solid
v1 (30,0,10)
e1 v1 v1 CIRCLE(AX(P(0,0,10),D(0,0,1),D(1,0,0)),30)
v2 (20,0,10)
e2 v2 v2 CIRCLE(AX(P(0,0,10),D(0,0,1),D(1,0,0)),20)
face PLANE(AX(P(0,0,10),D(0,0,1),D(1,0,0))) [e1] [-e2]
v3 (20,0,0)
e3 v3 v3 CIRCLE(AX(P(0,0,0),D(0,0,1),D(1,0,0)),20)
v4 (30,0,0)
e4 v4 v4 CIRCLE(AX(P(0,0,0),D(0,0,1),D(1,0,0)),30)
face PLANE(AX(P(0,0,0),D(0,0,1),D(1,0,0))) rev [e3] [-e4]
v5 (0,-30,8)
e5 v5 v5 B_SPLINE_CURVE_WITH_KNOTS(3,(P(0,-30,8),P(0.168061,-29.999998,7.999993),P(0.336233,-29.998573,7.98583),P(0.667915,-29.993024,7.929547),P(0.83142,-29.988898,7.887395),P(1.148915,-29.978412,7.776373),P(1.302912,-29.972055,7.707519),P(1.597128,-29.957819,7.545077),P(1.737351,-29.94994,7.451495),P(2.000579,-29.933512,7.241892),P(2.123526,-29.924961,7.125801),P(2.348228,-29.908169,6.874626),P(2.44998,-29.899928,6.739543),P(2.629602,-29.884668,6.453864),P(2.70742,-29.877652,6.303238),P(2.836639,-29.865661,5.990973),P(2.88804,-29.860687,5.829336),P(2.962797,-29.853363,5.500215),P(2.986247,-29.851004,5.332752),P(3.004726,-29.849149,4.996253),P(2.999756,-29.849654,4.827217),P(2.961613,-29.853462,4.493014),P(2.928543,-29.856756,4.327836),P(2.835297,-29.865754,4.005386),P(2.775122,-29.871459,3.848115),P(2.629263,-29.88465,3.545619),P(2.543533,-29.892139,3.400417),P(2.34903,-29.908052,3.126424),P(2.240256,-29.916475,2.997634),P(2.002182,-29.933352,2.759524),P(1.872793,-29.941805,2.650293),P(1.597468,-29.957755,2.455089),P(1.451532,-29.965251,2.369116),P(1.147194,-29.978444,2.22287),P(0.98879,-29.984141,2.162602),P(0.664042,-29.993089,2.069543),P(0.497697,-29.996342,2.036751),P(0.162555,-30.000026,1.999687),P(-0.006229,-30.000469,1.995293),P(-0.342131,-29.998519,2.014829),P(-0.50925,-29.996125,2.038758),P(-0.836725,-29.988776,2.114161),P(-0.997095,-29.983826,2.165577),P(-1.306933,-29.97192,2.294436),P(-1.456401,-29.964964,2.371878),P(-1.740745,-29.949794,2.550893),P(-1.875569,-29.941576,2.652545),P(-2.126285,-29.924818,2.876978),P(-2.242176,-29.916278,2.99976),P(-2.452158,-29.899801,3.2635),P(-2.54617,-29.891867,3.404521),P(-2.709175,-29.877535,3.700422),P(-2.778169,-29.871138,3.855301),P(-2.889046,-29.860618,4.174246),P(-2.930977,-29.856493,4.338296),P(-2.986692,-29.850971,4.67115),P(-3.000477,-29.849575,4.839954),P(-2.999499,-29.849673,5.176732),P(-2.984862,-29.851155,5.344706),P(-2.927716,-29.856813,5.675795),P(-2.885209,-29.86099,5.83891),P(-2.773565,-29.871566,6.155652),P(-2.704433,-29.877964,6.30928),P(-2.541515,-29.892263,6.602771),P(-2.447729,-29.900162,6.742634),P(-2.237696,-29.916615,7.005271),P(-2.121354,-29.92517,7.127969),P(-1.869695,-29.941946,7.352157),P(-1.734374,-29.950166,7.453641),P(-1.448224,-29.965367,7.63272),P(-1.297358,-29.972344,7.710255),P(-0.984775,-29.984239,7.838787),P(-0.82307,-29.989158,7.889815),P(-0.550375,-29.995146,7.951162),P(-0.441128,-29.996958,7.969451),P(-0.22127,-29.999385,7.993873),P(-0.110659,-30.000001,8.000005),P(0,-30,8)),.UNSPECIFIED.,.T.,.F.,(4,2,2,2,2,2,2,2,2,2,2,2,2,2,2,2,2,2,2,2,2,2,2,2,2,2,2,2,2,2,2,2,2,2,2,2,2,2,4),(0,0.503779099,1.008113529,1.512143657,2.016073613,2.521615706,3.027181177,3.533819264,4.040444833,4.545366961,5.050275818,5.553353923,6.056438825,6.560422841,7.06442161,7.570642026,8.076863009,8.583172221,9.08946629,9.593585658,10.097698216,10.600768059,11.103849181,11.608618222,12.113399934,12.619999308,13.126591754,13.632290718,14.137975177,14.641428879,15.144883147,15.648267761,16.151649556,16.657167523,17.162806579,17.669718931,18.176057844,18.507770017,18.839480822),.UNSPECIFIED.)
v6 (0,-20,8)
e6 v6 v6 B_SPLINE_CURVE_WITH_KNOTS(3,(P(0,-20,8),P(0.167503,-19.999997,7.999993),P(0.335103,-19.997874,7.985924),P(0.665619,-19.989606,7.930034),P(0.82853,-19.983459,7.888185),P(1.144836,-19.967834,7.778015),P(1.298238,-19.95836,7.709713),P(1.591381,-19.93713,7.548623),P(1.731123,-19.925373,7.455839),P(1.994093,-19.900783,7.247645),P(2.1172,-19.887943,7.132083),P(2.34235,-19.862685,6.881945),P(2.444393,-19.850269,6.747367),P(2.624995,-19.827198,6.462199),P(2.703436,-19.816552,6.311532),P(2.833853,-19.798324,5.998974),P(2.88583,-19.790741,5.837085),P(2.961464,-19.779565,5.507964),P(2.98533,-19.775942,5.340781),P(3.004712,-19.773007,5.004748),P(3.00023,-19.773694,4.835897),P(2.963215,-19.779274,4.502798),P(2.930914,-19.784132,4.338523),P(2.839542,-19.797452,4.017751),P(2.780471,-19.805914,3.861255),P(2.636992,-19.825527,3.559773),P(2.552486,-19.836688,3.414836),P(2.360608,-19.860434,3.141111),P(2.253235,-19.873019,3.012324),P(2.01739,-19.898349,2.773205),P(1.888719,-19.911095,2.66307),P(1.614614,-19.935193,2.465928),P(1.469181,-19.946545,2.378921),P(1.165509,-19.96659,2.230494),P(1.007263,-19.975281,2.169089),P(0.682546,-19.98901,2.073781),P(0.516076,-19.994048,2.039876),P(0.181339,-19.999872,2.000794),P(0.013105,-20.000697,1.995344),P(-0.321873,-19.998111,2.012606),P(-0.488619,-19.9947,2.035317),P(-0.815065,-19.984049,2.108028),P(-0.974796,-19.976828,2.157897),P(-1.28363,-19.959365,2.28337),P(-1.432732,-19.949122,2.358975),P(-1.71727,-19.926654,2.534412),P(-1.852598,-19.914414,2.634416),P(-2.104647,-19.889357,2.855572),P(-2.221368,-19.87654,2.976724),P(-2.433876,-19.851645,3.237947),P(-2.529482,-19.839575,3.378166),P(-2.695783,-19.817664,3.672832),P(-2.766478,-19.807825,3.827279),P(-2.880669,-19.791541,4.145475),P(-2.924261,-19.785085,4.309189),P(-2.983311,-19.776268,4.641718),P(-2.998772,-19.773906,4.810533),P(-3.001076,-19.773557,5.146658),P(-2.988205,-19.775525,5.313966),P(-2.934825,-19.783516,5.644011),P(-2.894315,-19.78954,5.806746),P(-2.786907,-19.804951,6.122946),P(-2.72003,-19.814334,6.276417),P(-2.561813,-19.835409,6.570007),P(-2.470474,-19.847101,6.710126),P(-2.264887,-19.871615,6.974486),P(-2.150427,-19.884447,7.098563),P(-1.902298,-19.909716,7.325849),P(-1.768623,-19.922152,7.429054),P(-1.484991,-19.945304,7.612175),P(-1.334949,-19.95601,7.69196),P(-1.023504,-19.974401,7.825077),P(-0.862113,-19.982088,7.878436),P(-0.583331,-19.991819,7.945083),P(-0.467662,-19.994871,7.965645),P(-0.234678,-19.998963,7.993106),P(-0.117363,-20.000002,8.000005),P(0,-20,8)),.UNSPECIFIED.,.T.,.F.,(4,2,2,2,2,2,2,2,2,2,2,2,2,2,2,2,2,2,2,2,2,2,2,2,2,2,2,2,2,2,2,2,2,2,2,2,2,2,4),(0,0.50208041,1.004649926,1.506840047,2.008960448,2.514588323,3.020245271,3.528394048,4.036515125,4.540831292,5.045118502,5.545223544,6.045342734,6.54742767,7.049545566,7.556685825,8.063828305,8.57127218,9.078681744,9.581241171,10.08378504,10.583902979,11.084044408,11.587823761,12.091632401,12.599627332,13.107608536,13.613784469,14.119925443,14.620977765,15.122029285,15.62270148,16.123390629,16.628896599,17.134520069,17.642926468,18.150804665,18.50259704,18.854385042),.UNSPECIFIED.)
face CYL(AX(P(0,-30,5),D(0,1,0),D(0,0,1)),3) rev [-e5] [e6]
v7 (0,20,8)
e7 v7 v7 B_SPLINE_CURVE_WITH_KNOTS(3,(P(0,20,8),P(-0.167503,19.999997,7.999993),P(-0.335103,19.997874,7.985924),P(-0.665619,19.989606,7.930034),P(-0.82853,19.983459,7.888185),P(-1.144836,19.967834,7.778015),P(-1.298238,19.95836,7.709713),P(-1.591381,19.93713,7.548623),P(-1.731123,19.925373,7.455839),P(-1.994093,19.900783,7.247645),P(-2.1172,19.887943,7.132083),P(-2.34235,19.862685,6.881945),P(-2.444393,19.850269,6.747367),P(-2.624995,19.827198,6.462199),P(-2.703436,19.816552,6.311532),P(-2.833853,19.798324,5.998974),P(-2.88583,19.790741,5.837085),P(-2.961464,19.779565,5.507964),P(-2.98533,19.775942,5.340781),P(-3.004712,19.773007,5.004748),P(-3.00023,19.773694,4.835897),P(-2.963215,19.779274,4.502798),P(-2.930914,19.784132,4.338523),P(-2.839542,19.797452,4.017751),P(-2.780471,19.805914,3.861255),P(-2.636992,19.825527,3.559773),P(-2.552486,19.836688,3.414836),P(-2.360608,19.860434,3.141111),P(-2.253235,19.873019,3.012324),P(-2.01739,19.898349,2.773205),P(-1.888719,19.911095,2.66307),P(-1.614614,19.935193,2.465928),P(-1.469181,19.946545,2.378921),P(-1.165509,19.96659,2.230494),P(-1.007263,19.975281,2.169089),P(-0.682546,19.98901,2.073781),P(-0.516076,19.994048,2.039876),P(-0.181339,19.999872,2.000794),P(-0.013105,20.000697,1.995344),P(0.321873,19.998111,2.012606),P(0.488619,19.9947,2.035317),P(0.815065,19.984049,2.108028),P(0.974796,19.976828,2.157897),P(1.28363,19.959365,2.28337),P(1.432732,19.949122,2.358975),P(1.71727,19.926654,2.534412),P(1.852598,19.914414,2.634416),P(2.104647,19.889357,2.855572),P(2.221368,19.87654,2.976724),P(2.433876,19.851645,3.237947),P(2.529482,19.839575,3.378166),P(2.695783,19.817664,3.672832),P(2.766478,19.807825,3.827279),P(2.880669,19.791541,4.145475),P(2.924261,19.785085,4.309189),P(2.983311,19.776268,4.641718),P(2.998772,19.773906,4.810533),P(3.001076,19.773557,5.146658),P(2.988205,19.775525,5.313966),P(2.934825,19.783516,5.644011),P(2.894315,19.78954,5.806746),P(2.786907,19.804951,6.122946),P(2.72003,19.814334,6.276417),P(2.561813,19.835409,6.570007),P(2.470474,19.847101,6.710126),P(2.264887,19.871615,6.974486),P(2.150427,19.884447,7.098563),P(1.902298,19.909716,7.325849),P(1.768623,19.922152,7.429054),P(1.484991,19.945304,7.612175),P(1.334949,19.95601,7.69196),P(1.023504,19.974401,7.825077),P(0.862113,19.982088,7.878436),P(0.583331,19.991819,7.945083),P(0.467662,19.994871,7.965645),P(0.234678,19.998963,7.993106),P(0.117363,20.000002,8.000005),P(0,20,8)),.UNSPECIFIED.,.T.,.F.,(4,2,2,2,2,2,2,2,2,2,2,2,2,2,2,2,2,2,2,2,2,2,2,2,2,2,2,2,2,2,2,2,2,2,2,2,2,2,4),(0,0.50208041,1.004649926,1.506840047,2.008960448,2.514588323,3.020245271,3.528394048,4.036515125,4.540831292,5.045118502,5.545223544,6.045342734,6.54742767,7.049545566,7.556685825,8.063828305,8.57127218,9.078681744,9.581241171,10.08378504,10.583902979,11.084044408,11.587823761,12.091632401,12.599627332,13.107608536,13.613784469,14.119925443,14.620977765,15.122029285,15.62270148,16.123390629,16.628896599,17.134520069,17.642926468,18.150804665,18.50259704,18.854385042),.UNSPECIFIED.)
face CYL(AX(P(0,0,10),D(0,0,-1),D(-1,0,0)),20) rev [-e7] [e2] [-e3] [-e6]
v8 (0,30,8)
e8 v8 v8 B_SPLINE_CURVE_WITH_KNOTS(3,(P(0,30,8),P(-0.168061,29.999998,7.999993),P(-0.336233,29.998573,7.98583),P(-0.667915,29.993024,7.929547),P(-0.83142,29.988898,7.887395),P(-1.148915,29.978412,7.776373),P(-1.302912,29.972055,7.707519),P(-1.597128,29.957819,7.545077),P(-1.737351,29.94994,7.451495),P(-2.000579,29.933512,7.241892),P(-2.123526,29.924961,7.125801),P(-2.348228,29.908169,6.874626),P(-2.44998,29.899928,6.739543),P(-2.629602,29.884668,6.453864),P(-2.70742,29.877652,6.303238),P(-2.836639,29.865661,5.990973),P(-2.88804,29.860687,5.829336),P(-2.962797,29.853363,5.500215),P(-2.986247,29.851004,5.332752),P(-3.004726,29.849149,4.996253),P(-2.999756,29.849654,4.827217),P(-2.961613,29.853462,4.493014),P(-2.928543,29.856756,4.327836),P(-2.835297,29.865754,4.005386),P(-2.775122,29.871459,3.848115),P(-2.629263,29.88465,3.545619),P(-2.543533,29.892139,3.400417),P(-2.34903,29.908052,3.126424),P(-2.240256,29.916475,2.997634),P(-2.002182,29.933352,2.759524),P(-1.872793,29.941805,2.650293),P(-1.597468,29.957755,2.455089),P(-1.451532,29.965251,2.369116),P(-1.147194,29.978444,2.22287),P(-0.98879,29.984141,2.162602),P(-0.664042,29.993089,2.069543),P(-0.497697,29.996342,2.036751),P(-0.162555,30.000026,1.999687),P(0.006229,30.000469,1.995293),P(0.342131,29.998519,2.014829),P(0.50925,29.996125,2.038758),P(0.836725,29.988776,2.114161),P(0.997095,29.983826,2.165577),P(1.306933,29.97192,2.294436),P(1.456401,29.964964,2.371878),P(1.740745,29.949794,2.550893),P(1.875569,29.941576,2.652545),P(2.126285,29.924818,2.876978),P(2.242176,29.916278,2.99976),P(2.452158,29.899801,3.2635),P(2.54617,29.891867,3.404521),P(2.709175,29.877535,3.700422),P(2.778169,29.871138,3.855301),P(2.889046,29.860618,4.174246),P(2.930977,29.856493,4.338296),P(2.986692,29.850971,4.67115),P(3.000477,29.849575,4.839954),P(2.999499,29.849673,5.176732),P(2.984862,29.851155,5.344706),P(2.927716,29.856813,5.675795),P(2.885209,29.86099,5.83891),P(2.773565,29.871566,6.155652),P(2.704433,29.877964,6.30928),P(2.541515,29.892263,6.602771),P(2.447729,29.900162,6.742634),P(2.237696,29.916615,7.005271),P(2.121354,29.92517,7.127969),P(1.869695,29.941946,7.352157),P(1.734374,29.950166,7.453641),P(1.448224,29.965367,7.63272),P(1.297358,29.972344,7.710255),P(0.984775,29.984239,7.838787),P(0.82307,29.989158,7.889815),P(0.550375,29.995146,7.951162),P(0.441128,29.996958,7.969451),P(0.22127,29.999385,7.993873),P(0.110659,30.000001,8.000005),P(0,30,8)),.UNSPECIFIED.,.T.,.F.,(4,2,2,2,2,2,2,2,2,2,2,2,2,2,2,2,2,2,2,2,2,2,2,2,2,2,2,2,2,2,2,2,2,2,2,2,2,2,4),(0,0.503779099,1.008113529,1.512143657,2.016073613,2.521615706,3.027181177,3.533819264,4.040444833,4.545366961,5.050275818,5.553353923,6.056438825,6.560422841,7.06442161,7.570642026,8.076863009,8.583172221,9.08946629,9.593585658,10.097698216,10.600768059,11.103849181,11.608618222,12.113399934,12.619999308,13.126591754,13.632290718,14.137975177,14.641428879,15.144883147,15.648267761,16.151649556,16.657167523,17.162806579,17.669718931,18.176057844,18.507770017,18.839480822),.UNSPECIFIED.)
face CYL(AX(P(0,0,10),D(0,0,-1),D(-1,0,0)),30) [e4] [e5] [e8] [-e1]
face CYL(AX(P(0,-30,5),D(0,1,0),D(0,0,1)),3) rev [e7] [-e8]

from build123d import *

# Parameters (mm, degrees)
SKETCH1_R               = 30
SKETCH1_R_2             = 20
BOSS_EXTRUDE1_DEPTH     = 10
CUT_EXTRUDE1_DEPTH      = 44.588989435
CUT_EXTRUDE1_DEPTH_BACK = 44.588989435
SKETCH2_R               = 3


with BuildPart() as part:
    # Sketch1 → Boss-Extrude1 (new body)
    with BuildSketch(Plane.XY):
        Circle(SKETCH1_R)
        Circle(SKETCH1_R_2, mode=Mode.SUBTRACT)
    extrude(amount=BOSS_EXTRUDE1_DEPTH)

    # Sketch2 → Cut-Extrude1 (cut, two sides: drawn at the far end of the back side and taken through both)
    with BuildSketch(Plane(origin=(0, 0, 0), x_dir=(1, 0, 0), z_dir=(0, 1, 0)).offset(-CUT_EXTRUDE1_DEPTH_BACK)):
        with Locations(Location((0, -5, 0), (0, 0, 270))):
            Circle(SKETCH2_R)
    extrude(amount=CUT_EXTRUDE1_DEPTH + CUT_EXTRUDE1_DEPTH_BACK, mode=Mode.SUBTRACT)


solid = part.part
